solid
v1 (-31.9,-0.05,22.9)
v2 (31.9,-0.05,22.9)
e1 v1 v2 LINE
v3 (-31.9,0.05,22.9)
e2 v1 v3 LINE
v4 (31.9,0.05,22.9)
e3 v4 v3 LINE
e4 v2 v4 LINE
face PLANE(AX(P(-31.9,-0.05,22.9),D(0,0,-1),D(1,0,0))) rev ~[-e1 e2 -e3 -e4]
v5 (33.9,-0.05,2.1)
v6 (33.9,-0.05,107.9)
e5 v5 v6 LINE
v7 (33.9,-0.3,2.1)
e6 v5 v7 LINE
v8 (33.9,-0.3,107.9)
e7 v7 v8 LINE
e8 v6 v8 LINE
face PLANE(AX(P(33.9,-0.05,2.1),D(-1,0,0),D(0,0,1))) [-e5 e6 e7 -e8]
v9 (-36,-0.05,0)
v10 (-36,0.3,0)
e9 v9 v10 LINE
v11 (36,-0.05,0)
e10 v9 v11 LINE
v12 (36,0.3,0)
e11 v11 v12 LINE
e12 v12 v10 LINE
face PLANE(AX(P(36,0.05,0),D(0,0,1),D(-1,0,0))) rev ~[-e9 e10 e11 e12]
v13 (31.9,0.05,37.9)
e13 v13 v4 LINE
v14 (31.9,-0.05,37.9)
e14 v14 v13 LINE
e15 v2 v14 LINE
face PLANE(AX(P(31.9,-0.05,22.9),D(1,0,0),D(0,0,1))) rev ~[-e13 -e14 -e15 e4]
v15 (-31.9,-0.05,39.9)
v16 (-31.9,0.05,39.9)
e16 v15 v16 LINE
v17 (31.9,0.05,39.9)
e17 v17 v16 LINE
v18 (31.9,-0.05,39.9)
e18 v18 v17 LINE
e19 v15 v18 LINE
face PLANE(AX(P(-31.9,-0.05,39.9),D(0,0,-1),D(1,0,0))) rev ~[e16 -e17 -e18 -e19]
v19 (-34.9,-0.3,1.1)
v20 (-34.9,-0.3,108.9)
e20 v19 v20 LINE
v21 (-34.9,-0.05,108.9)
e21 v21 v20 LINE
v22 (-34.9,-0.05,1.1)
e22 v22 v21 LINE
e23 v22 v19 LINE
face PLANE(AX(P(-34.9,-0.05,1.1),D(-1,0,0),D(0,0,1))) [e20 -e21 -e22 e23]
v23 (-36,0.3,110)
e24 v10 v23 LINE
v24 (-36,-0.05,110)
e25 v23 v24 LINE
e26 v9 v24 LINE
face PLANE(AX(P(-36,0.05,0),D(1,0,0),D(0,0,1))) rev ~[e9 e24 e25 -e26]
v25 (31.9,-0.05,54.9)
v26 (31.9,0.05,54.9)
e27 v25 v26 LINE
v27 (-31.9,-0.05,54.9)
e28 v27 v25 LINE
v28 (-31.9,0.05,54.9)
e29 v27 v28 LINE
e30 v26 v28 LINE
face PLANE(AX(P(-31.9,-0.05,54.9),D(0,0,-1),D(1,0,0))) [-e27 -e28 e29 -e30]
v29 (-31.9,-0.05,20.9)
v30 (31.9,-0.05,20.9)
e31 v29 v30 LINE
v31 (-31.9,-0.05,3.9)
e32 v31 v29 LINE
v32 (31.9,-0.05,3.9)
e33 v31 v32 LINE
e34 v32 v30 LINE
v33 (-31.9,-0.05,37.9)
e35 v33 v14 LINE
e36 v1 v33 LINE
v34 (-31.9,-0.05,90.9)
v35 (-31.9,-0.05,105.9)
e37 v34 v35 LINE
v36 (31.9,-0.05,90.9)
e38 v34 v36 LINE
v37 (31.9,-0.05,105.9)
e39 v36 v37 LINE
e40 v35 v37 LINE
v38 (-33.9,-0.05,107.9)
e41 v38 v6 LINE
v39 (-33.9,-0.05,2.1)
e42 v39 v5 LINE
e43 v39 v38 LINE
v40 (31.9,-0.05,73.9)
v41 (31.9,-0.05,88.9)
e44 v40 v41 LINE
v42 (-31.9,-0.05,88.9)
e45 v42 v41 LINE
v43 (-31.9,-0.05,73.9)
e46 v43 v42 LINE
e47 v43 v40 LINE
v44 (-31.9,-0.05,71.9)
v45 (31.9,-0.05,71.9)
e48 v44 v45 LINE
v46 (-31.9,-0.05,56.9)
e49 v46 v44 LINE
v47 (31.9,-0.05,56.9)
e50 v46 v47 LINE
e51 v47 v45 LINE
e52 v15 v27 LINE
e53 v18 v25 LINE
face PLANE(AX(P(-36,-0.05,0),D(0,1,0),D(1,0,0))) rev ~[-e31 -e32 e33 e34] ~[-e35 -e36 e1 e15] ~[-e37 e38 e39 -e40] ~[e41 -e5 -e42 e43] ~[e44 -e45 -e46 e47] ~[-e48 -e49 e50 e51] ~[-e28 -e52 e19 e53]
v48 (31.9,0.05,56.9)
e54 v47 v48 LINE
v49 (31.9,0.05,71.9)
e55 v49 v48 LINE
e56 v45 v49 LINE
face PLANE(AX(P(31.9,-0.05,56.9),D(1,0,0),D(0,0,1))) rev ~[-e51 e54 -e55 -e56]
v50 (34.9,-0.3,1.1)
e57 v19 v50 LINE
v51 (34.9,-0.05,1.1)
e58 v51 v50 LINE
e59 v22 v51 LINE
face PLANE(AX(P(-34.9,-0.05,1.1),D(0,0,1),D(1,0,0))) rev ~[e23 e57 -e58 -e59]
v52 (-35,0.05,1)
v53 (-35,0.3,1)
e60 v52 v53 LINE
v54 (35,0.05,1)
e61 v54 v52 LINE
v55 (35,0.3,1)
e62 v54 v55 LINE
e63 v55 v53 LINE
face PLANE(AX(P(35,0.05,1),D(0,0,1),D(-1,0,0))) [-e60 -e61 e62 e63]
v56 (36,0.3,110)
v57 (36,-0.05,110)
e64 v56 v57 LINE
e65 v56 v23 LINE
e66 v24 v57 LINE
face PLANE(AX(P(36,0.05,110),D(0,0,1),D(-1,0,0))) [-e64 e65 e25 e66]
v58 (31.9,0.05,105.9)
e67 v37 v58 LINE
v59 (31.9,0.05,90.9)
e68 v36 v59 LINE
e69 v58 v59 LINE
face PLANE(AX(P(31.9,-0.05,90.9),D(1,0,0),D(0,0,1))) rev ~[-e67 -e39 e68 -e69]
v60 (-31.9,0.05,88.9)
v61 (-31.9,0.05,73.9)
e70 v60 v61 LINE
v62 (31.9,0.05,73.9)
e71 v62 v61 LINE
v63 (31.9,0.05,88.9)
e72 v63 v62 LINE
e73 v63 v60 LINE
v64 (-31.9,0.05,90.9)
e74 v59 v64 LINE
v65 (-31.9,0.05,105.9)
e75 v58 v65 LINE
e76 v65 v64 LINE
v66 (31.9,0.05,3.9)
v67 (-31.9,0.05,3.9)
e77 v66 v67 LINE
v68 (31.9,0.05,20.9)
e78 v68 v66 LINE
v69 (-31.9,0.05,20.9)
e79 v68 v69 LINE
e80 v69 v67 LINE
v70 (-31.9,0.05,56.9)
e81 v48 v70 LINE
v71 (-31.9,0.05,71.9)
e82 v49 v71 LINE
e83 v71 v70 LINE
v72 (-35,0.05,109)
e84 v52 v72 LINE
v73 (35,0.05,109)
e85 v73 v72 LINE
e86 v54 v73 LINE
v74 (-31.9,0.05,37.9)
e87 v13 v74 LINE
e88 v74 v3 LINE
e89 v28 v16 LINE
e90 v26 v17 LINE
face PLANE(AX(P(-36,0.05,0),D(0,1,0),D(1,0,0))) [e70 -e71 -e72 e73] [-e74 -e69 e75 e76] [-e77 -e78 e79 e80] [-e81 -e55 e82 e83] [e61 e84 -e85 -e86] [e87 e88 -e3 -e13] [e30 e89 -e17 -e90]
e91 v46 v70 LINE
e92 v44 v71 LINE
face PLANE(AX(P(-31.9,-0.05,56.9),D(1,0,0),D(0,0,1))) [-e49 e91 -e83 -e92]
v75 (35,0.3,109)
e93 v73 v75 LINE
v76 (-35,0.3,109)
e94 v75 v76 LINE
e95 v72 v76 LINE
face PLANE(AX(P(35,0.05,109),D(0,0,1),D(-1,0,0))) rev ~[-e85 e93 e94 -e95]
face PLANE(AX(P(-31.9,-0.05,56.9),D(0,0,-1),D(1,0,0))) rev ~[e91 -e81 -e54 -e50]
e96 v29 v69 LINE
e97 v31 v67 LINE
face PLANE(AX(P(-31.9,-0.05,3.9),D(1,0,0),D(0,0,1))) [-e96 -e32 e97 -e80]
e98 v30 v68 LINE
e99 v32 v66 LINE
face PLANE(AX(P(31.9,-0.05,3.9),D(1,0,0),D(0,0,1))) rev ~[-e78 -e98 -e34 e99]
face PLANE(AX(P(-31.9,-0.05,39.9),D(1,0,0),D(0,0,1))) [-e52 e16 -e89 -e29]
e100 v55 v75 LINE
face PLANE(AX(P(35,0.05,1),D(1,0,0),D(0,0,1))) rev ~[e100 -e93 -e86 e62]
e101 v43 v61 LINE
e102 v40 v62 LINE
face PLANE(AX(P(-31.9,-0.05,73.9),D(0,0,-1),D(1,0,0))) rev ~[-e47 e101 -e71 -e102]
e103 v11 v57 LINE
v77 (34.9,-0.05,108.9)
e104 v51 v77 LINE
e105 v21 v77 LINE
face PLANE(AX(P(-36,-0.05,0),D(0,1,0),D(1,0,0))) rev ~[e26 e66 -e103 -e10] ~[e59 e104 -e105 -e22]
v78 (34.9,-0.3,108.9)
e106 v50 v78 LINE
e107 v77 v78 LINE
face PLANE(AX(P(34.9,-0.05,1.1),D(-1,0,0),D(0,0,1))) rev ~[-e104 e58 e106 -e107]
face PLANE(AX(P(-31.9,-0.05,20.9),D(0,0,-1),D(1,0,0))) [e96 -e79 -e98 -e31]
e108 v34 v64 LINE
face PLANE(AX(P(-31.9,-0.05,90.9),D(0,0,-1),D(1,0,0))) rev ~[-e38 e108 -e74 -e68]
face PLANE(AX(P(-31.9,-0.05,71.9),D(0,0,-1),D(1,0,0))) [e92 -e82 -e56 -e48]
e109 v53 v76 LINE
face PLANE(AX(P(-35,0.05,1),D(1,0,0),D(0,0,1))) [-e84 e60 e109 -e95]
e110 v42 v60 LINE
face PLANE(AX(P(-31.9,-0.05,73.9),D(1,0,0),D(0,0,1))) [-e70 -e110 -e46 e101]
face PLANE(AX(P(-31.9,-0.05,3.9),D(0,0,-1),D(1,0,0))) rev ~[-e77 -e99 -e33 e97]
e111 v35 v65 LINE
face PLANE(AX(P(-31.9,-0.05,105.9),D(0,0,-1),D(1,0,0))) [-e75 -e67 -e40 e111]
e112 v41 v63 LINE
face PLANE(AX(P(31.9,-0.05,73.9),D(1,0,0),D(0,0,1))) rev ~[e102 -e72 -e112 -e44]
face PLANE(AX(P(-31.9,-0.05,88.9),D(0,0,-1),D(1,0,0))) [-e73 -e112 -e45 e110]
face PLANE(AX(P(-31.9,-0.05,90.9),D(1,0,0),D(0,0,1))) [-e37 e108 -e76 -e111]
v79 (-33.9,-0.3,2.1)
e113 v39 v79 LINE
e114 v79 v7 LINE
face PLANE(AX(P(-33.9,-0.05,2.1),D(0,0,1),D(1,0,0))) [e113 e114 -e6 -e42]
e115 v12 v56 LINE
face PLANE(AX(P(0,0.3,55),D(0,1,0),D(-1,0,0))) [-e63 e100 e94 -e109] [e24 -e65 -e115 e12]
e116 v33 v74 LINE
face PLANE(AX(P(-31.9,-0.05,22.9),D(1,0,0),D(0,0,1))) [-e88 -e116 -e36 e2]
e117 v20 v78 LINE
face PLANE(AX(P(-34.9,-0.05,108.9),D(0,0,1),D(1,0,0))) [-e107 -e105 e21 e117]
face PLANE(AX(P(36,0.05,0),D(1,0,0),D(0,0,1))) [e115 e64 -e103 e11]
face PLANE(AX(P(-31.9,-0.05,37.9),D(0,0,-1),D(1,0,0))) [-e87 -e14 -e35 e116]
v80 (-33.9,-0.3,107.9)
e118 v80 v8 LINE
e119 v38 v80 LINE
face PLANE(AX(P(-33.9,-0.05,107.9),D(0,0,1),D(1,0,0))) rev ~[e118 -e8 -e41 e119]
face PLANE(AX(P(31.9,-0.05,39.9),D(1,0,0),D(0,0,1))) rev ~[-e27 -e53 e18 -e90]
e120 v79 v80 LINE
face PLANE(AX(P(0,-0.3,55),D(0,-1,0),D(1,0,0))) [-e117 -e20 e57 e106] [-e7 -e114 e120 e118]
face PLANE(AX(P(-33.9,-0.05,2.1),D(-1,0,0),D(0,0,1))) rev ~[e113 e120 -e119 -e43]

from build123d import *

# Parameters (mm, degrees)
F0_W     = 72
F0_H     = 0.1
F1_DEPTH = 110
F2_W     = 69.8
F2_H     = 107.8
F2_W_2   = 67.8
F2_H_2   = 105.8
F3_DEPTH = 0.25
F4_W     = 72
F4_H     = 110
F4_W_2   = 70
F4_H_2   = 108
F5_DEPTH = 0.25
F6_W     = 63.8
F6_H     = 15
F6_H_2   = 17
F7_DEPTH = 2


with BuildPart() as f1:
    # F0 (on Top) → F1 (new body)
    with BuildSketch(Plane.XY):
        Rectangle(F0_W, F0_H)
    extrude(amount=F1_DEPTH)

    # F2 (on face) → F3 (join)
    with BuildSketch(Plane.XZ.offset(0.05)):
        with Locations((0, 55)):
            Rectangle(F2_W, F2_H)
        with Locations((0, 55)):
            Rectangle(F2_W_2, F2_H_2, mode=Mode.SUBTRACT)
    extrude(amount=F3_DEPTH)

    # F4 (on face) → F5 (join)
    with BuildSketch(Plane(origin=(0, 0.05, 0), x_dir=(-1, 0, 0), z_dir=(0, 1, 0))):
        with Locations((0, 55)):
            Rectangle(F4_W, F4_H)
        with Locations((0, 55)):
            Rectangle(F4_W_2, F4_H_2, mode=Mode.SUBTRACT)
    extrude(amount=F5_DEPTH)

    # F6 (on face) → F7 (cut)
    with BuildSketch(Plane.XZ.offset(0.05)):
        with Locations((0, 98.4)):
            Rectangle(F6_W, F6_H)
        with Locations((0, 81.4)):
            Rectangle(F6_W, F6_H)
        with Locations((0, 64.4)):
            Rectangle(F6_W, F6_H)
        with Locations((0, 47.4)):
            Rectangle(F6_W, F6_H)
        with Locations((0, 30.4)):
            Rectangle(F6_W, F6_H)
        with Locations((0, 12.4)):
            Rectangle(F6_W, F6_H_2)
    extrude(amount=-F7_DEPTH, mode=Mode.SUBTRACT)


solid = f1.part
